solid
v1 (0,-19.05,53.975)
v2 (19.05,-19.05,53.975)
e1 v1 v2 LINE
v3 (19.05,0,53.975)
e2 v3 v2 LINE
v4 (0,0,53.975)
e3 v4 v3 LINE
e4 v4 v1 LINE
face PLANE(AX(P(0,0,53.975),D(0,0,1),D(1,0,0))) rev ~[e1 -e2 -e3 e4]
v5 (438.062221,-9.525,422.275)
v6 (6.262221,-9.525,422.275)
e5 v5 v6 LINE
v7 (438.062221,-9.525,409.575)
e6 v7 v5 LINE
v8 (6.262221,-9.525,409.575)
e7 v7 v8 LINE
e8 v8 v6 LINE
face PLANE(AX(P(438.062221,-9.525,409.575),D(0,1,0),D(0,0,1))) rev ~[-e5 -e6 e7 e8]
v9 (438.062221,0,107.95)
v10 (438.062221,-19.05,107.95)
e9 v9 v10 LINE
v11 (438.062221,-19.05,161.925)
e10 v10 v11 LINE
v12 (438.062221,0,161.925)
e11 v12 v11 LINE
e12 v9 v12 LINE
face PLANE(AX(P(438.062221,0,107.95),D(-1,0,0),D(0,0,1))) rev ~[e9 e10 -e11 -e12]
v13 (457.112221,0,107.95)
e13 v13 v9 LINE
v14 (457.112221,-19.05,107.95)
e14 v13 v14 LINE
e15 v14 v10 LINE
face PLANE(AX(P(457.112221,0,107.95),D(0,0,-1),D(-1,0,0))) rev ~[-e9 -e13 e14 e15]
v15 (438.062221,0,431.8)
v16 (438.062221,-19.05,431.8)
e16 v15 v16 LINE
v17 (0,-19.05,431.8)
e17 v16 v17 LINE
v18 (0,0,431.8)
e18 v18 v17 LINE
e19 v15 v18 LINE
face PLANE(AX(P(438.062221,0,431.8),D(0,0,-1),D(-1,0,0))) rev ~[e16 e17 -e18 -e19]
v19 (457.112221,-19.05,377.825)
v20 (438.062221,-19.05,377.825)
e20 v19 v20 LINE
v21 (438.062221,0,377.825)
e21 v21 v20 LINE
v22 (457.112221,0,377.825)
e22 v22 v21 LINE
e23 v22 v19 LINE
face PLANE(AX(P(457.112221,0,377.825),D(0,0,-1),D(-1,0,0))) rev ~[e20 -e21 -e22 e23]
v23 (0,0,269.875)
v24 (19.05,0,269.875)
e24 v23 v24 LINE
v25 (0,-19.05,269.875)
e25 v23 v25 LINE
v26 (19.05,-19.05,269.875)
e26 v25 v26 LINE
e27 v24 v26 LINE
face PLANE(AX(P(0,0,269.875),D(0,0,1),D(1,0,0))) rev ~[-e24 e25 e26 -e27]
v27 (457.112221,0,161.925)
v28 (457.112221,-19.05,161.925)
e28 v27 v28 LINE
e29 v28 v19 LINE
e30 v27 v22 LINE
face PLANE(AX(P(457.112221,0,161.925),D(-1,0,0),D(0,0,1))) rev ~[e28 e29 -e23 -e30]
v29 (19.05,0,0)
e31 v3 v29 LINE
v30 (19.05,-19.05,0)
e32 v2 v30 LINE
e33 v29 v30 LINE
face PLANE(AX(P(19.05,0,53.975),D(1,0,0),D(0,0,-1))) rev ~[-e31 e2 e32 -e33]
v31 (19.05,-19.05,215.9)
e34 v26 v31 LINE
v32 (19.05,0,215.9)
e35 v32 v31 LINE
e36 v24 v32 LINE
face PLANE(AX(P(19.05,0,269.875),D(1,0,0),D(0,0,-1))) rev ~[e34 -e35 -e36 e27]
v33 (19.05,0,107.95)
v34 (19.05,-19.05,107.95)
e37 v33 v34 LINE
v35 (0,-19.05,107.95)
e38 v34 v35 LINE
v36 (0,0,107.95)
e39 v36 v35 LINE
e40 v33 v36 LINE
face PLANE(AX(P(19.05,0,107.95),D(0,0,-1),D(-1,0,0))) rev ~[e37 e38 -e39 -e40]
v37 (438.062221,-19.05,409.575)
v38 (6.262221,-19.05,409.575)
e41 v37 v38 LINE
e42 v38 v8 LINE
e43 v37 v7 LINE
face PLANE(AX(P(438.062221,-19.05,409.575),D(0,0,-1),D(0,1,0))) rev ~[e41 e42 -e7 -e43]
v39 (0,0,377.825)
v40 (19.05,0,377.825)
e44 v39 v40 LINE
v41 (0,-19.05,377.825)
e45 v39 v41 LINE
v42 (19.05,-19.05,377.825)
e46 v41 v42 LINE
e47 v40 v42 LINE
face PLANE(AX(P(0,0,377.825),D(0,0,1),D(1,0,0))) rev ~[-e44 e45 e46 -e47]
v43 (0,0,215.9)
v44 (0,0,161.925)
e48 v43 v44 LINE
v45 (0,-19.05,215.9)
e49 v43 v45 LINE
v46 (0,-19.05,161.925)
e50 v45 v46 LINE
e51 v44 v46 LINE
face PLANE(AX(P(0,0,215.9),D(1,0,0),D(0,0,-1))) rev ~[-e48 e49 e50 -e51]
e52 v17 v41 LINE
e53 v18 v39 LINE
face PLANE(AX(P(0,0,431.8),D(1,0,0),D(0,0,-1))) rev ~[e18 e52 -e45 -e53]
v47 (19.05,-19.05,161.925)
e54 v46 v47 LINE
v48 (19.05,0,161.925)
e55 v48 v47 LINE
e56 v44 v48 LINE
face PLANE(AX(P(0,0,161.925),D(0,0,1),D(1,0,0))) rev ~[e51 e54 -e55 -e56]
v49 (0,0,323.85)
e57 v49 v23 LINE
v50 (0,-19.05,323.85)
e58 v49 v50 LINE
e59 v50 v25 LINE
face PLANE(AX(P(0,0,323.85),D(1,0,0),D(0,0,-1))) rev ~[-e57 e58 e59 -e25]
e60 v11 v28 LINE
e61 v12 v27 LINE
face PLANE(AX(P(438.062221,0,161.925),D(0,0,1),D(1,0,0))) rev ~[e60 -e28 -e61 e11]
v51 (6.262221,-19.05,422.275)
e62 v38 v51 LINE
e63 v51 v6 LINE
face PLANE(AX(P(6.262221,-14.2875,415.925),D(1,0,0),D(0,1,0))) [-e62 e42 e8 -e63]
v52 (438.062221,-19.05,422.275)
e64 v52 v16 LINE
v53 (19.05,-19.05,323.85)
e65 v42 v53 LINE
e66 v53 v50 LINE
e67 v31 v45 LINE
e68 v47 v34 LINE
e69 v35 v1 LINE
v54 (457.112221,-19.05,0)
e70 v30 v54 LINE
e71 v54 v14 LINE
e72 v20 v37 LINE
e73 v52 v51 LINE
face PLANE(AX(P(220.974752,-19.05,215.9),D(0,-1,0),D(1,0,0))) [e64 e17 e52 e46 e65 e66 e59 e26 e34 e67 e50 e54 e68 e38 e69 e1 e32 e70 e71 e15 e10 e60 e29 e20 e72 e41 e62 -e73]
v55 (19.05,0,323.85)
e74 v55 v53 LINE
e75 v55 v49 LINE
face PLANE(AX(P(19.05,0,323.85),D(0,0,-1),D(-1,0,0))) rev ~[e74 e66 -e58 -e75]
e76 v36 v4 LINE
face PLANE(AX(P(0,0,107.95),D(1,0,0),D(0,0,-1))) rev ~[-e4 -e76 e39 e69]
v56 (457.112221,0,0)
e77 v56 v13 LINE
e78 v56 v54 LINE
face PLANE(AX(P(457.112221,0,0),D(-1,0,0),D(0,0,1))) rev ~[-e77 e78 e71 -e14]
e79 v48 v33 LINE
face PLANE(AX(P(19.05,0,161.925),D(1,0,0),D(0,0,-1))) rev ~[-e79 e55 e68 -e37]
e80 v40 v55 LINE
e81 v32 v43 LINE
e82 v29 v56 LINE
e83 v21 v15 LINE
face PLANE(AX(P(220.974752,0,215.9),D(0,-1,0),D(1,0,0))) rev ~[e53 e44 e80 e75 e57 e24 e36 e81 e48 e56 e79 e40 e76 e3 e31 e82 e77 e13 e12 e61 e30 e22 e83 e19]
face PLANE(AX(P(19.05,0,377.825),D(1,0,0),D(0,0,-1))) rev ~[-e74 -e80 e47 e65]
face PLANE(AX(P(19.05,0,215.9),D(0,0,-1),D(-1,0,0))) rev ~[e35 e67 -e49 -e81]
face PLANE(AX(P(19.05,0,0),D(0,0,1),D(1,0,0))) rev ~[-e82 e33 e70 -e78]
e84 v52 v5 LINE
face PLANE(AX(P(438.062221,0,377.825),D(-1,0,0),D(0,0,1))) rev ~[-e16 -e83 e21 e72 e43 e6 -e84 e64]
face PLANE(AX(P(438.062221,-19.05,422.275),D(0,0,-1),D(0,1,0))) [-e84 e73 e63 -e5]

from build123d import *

# Parameters (mm, degrees)
F1_DEPTH = 19.05
F2_W     = 9.525
F2_H     = 12.7
F3_DEPTH = 431.8


with BuildPart() as f1:
    # F0 (on Front) → F1 (new body)
    with BuildSketch(Plane.XZ):
        Polygon((19.05, 53.975), (19.05, 0), (457.112221, 0), (457.112221, 107.95), (438.062221, 107.95), (438.062221, 161.925), (457.112221, 161.925), (457.112221, 377.825), (438.062221, 377.825), (438.062221, 431.8), (0, 431.8), (0, 377.825), (19.05, 377.825), (19.05, 323.85), (0, 323.85), (0, 269.875), (19.05, 269.875), (19.05, 215.9), (0, 215.9), (0, 161.925), (19.05, 161.925), (19.05, 107.95), (0, 107.95), (0, 53.975), align=None)
    extrude(amount=F1_DEPTH)

    # F2 (on face) → F3 (cut)
    with BuildSketch(Plane.YZ.offset(438.062221)):
        with Locations((-14.2875, 415.925)):
            Rectangle(F2_W, F2_H)
    extrude(amount=-F3_DEPTH, mode=Mode.SUBTRACT)


solid = f1.part
